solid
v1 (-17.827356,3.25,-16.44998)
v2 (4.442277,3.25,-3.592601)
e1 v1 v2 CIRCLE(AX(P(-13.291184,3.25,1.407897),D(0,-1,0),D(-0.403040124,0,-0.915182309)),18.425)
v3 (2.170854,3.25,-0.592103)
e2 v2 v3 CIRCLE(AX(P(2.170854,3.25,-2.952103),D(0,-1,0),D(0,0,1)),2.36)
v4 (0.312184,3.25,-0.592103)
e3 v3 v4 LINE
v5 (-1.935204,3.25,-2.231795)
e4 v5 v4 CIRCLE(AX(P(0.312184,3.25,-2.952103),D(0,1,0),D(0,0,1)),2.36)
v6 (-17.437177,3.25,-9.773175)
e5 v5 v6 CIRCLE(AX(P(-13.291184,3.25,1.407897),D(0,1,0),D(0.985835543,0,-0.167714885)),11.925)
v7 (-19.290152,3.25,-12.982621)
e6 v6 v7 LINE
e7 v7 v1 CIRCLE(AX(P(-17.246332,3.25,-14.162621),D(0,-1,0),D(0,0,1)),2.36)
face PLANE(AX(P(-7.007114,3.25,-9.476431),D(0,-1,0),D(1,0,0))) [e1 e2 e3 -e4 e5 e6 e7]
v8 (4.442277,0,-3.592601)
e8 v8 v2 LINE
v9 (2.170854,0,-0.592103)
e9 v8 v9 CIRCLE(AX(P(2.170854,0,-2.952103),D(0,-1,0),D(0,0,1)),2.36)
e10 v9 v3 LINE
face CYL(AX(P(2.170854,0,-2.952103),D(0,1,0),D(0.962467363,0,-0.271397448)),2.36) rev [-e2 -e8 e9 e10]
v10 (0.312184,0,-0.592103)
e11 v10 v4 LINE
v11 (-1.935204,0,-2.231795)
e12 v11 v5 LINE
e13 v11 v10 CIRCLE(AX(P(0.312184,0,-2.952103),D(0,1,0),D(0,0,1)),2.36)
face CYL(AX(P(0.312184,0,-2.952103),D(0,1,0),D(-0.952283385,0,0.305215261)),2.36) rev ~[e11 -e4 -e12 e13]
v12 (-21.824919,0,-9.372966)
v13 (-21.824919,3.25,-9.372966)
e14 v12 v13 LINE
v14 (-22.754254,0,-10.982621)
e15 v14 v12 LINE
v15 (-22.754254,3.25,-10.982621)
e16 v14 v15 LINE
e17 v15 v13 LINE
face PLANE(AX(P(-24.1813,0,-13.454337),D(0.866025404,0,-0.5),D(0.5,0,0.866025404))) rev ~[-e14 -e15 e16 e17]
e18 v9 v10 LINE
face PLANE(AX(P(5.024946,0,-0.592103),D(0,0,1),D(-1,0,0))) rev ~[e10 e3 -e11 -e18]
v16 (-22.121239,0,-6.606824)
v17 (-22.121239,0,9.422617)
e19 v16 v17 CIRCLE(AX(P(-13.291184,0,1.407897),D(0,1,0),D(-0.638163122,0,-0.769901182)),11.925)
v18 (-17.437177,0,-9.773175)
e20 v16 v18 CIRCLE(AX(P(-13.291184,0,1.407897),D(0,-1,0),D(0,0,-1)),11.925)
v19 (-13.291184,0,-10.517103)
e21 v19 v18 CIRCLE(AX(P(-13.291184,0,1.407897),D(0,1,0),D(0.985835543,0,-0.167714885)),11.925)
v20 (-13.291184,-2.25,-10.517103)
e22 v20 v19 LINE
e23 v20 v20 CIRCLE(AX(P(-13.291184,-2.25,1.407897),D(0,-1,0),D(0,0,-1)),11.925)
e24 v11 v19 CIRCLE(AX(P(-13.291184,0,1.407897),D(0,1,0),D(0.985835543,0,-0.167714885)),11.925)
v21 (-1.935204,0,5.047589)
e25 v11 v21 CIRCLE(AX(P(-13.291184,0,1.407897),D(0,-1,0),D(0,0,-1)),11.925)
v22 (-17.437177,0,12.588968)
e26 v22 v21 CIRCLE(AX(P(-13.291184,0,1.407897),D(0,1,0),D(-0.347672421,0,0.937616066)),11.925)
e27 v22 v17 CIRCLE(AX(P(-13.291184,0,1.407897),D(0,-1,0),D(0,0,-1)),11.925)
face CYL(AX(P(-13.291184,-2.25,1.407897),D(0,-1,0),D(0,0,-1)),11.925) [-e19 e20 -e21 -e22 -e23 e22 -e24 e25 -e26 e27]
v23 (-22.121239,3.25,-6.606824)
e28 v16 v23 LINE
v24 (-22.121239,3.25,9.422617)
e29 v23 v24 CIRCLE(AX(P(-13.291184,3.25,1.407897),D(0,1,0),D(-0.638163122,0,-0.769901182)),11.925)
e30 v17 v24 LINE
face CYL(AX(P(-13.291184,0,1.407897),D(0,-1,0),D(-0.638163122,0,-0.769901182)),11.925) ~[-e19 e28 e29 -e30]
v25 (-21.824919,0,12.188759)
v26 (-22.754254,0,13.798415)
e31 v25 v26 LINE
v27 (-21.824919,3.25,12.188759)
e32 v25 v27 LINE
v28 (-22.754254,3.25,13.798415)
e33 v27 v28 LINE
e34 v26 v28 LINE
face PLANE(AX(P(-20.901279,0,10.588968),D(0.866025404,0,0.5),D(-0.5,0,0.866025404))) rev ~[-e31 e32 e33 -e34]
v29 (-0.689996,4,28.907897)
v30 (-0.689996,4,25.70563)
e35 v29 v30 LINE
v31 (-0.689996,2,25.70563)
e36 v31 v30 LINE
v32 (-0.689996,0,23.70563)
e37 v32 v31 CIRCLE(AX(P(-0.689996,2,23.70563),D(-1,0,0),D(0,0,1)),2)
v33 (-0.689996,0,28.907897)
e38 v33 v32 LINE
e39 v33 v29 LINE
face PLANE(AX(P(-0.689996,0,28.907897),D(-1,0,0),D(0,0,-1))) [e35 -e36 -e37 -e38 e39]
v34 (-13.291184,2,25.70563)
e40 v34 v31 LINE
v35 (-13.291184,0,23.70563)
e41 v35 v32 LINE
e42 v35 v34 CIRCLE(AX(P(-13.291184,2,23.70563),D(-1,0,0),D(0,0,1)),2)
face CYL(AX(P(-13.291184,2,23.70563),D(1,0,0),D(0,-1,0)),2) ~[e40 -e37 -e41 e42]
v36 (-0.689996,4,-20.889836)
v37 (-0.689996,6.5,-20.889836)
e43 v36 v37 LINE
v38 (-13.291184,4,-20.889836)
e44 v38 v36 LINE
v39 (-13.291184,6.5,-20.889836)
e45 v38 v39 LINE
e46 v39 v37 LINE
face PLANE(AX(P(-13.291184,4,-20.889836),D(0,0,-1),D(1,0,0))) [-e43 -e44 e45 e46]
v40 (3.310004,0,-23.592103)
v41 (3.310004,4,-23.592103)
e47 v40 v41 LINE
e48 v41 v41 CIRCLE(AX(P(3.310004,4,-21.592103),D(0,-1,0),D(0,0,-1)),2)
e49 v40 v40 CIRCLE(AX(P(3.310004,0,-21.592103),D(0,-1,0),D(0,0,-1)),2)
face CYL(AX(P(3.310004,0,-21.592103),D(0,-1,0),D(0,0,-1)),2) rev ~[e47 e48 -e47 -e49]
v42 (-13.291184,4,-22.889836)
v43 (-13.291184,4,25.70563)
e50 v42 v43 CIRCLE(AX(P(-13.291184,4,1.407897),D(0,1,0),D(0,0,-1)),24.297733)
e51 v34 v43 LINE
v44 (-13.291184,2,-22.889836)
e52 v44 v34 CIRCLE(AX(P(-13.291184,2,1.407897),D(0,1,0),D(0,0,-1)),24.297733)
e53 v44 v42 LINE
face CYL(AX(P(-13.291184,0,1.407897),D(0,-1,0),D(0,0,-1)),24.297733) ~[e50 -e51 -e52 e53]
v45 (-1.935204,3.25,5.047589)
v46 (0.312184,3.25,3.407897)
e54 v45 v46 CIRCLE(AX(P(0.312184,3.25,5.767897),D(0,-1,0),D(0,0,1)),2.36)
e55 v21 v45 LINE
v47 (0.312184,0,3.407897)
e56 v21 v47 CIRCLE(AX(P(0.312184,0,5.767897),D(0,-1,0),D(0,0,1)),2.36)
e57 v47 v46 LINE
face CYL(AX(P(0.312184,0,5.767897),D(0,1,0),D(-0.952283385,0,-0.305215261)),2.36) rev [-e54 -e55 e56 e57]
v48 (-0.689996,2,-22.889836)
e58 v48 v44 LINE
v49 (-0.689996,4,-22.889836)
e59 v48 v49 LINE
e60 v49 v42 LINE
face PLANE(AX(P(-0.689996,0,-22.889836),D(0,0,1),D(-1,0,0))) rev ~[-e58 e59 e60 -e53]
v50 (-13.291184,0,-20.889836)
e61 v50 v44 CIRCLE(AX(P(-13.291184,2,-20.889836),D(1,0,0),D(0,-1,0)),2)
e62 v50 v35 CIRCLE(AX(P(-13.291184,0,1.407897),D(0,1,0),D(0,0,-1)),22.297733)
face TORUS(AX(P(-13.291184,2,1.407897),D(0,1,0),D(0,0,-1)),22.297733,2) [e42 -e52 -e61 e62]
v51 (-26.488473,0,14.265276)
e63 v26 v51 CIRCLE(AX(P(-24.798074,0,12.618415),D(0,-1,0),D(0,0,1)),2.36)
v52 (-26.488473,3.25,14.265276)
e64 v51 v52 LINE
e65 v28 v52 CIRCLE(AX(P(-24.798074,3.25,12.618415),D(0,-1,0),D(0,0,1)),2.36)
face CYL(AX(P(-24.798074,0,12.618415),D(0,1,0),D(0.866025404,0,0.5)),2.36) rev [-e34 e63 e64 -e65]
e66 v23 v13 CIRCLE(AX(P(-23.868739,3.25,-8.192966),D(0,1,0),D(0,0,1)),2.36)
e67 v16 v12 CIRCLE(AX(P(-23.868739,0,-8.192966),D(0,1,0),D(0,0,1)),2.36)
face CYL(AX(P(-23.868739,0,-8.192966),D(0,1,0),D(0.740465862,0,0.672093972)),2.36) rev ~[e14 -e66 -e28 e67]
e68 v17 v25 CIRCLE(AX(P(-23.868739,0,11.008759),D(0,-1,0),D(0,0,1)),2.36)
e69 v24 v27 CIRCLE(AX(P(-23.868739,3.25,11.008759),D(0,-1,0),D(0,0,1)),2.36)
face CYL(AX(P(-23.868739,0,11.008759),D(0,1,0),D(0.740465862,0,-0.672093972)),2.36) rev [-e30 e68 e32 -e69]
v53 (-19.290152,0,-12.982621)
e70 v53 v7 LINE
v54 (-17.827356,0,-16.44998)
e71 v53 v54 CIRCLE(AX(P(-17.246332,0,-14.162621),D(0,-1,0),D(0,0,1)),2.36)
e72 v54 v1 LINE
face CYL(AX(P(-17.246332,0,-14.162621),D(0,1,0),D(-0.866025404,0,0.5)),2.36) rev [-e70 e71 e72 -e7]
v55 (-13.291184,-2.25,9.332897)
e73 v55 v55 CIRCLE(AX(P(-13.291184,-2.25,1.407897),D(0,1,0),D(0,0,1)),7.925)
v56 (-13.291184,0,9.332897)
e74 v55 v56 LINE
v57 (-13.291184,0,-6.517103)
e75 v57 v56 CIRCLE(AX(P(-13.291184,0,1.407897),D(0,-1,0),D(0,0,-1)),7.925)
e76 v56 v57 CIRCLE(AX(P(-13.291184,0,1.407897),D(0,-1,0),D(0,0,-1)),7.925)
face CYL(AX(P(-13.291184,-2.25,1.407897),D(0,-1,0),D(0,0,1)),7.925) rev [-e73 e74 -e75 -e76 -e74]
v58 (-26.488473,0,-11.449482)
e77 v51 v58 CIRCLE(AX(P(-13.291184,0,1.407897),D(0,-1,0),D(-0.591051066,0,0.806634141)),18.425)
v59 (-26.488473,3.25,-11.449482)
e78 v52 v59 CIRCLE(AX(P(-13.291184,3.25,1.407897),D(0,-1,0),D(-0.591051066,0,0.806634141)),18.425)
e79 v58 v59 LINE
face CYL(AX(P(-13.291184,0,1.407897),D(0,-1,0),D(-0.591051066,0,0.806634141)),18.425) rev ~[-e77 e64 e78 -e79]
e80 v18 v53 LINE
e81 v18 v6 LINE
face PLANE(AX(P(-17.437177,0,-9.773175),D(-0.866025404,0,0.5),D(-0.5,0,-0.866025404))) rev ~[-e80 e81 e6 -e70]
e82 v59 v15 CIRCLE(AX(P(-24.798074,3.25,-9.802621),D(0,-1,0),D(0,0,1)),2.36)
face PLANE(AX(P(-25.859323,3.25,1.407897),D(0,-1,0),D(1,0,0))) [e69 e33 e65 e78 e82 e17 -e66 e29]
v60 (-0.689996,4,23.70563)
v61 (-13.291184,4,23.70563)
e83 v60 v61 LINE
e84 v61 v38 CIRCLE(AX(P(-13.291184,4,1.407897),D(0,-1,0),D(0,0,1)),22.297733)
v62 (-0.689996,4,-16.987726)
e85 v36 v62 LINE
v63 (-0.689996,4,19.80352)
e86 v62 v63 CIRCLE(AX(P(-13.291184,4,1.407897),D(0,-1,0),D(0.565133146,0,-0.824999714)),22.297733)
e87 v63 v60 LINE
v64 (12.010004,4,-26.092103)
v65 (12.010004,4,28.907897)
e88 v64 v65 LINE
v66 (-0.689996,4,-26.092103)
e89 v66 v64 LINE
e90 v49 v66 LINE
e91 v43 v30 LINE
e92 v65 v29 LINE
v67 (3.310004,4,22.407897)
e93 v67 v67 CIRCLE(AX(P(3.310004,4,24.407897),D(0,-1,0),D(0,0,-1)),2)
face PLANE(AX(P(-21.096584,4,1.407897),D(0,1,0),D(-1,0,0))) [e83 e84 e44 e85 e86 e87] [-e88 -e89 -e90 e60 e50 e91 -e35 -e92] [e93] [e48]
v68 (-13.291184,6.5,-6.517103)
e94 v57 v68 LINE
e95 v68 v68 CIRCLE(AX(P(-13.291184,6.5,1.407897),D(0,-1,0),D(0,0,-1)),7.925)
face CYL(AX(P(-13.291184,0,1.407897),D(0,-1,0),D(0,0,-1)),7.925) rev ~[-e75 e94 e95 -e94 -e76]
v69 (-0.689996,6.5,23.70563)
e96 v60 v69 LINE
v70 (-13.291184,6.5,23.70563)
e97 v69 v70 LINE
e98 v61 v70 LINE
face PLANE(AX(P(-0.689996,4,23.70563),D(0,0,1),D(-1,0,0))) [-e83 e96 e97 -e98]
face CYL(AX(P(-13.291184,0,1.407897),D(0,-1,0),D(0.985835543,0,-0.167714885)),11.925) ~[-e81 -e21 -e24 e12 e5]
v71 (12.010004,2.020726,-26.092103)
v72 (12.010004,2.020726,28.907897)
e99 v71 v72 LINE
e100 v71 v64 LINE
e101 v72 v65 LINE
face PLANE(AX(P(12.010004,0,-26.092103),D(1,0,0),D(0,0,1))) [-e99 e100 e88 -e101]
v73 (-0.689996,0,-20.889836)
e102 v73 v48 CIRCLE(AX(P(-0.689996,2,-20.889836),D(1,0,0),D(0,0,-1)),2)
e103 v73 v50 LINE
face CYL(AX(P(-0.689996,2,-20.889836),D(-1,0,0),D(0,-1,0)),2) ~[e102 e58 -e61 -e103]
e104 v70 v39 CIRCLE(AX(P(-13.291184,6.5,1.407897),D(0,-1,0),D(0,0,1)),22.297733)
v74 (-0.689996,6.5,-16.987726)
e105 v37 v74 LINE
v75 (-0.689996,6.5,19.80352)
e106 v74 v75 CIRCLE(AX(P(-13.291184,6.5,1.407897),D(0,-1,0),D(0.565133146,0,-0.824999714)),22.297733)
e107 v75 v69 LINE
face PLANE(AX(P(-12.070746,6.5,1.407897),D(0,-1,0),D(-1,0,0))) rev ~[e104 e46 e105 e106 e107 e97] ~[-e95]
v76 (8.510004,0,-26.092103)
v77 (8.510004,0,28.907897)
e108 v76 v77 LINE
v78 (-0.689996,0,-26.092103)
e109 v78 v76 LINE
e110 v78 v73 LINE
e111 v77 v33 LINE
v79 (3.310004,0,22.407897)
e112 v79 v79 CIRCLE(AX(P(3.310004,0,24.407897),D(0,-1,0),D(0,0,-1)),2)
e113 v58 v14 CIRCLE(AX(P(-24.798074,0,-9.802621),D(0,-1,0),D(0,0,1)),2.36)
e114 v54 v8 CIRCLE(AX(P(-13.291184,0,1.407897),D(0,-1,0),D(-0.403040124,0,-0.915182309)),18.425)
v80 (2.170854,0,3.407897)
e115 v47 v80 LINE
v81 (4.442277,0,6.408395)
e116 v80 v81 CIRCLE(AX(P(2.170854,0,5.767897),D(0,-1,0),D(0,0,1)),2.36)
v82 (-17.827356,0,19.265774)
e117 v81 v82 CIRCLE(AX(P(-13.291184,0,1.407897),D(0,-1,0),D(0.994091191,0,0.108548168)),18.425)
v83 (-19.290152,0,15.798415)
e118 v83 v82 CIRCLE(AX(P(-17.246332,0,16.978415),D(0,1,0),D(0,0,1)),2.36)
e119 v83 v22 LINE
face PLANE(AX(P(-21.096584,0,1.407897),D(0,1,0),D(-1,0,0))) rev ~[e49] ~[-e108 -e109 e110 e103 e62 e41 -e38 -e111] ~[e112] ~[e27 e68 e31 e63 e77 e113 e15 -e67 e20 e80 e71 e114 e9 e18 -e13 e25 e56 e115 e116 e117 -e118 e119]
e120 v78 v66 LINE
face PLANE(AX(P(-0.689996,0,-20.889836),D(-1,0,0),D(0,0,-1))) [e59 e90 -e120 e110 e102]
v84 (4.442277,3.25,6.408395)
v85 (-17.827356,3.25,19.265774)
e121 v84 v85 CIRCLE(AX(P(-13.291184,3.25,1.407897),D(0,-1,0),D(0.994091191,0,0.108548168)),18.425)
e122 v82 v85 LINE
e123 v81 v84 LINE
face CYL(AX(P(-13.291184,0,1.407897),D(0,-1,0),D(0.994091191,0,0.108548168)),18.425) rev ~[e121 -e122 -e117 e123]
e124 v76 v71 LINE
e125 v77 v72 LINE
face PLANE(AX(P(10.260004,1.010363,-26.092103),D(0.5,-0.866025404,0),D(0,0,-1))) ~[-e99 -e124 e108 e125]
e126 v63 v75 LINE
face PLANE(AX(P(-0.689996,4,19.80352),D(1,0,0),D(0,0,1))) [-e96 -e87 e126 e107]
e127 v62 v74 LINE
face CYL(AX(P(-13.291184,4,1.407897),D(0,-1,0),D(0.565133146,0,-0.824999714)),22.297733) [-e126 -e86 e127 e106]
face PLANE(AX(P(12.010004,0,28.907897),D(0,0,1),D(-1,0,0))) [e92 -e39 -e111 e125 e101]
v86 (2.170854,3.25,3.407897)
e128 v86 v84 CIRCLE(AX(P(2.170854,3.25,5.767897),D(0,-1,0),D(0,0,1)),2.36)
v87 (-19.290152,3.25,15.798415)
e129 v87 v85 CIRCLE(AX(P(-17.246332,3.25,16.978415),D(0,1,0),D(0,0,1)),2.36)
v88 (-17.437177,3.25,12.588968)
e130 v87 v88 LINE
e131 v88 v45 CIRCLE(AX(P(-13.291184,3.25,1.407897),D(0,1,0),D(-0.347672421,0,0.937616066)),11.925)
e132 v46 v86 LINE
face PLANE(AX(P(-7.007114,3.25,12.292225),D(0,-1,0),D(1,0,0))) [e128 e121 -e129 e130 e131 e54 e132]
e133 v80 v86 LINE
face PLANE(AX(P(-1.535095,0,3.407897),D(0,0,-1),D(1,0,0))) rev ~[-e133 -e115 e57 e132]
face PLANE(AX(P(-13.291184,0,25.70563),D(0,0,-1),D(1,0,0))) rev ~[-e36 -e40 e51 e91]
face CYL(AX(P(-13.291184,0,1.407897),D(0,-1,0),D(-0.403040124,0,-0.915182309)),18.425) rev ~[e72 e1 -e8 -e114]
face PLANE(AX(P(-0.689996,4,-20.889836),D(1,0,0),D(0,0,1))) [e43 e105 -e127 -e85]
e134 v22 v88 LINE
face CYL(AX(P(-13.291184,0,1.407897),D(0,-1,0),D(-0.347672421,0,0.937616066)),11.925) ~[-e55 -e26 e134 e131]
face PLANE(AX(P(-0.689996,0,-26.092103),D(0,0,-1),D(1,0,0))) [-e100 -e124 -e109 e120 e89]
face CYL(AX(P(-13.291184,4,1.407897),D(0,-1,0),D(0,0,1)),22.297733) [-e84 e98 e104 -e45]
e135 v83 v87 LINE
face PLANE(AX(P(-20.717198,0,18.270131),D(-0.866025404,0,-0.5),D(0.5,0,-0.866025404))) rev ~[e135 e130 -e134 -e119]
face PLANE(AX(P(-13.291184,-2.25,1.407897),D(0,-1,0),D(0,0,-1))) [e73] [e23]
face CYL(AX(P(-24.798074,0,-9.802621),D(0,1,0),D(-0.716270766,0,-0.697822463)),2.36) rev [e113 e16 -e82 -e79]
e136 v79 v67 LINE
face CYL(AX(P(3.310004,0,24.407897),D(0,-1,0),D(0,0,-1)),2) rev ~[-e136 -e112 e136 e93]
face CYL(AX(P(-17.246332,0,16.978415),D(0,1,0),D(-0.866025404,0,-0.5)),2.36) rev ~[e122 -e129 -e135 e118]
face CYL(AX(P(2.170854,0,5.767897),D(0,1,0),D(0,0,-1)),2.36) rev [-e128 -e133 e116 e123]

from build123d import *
from build123d.topology import SkipClean

# Parameters (mm, degrees)
BOSS_EXTRUDE1_DEPTH = 4
BOSS_EXTRUDE2_DEPTH = 2.5
SKETCH3_R           = 7.925
CUT_EXTRUDE1_DEPTH  = 9.25
SKETCH4_R           = 2
CUT_EXTRUDE2_DEPTH  = 9.25
CUT_EXTRUDE3_DEPTH  = 3.25
FILLET1_R           = 2.36
CHAMFER1_SIZE       = 3.5
CHAMFER1_SIZE2      = 2.020725942
BOSS_EXTRUDE4_DEPTH = 4
FILLET4_R           = 2
BOSS_EXTRUDE5_START = 2.25
SKETCH11_R          = 11.925
BOSS_EXTRUDE5_DEPTH = 2.25
CUT_EXTRUDE4_START  = -2.25
SKETCH12_R          = 7.925
CUT_EXTRUDE4_DEPTH  = 2.25


with BuildPart() as part:
    # Sketch1 → Boss-Extrude1 (new body)
    with BuildSketch(Plane(origin=(0, 0, 0), x_dir=(1, 0, 0), z_dir=(0, 1, 0))):
        with BuildLine():
            Line((-13.29118379, 20.889836125), (-0.68999579, 20.889836125))
            Line((-0.68999579, 20.889836125), (-0.68999579, 26.09210312))
            Line((-0.68999579, 26.09210312), (12.01000421, 26.09210312))
            Line((12.01000421, 26.09210312), (12.01000421, -28.90789688))
            Line((12.01000421, -28.90789688), (-0.68999579, -28.90789688))
            Line((-0.68999579, -28.90789688), (-0.68999579, -23.705629885))
            Line((-0.68999579, -23.705629885), (-13.29118379, -23.705629885))
            ThreePointArc((-13.29118379, -23.705629885), (-35.588916795, -1.40789688), (-13.29118379, 20.889836125))
        make_face()
    extrude(amount=BOSS_EXTRUDE1_DEPTH)

    # Sketch2 → Boss-Extrude2 (add)
    with BuildSketch(Plane(origin=(0, 4, 0), x_dir=(1, 0, 0), z_dir=(0, 1, 0))):
        with BuildLine():
            Line((-13.29118379, 20.889836125), (-0.68999579, 20.889836125))
            Line((-0.68999579, 20.889836125), (-0.68999579, 16.987726462))
            ThreePointArc((-0.68999579, 16.987726462), (9.006549215, -1.40789688), (-0.68999579, -19.803520222))
            Line((-0.68999579, -19.803520222), (-0.68999579, -23.705629885))
            Line((-0.68999579, -23.705629885), (-13.29118379, -23.705629885))
            ThreePointArc((-13.29118379, -23.705629885), (-35.588916795, -1.40789688), (-13.29118379, 20.889836125))
        make_face()
    extrude(amount=BOSS_EXTRUDE2_DEPTH)

    # Sketch3 → Cut-Extrude1 (cut)
    with BuildSketch(Plane.XZ):
        with Locations(Location((-13.29118379, 1.40789688, 0), (0, 0, 270))):
            Circle(SKETCH3_R)
    extrude(amount=-CUT_EXTRUDE1_DEPTH, mode=Mode.SUBTRACT)

    # Sketch4 → Cut-Extrude2 (cut)
    with BuildSketch(Plane.XZ):
        with Locations(Location((3.31000421, 24.40789688, 0), (0, 0, 270))):
            Circle(SKETCH4_R)
        with Locations(Location((3.310004206, -21.59210312, 0), (0, 0, 270))):
            Circle(SKETCH4_R)
    extrude(amount=-CUT_EXTRUDE2_DEPTH, mode=Mode.SUBTRACT)

    # Sketch5 → Cut-Extrude3 (cut)
    with BuildSketch(Plane.XZ):
        with BuildLine():
            ThreePointArc((-20.901279021, -7.773174712), (-25.21618379, 1.40789688), (-20.901279021, 10.588968471))
            Line((-20.901279021, 10.588968471), (-24.18129969, 16.27013092))
            ThreePointArc((-24.18129969, 16.27013092), (-31.71618379, 1.40789688), (-24.18129969, -13.454337161))
            Line((-24.18129969, -13.454337161), (-20.901279021, -7.773174712))
        make_face()
        with BuildLine():
            Line((-20.717198075, 18.27013092), (-17.437177406, 12.588968471))
            ThreePointArc((-17.437177406, 12.588968471), (-7.32868379, 11.73524982), (-1.535094942, 3.40789688))
            Line((-1.535094942, 3.40789688), (5.024946397, 3.40789688))
            ThreePointArc((5.024946397, 3.40789688), (-4.07868379, 17.364414944), (-20.717198075, 18.27013092))
        make_face()
        with BuildLine():
            ThreePointArc((-1.535094942, -0.59210312), (-7.32868379, -8.91945606), (-17.437177406, -9.773174712))
            Line((-17.437177406, -9.773174712), (-20.717198075, -15.454337161))
            ThreePointArc((-20.717198075, -15.454337161), (-4.07868379, -14.548621185), (5.024946397, -0.59210312))
            Line((5.024946397, -0.59210312), (-1.535094942, -0.59210312))
        make_face()
    extrude(amount=-CUT_EXTRUDE3_DEPTH, mode=Mode.SUBTRACT)

    # Fillet1
    fillet1_edges = [part.edges().sort_by_distance(p)[0] for p in [
        (-20.901279021, 1.625, 10.588968471),
        (-20.901279021, 1.625, -7.773174712),
        (-24.18129969, 1.625, -13.454337161),
        (-24.18129969, 1.625, 16.27013092),
        (5.024946397, 1.625, 3.40789688),
        (-1.535094942, 1.625, 3.40789688),
        (-20.717198075, 1.625, 18.27013092),
        (-1.535094942, 1.625, -0.59210312),
        (5.024946397, 1.625, -0.59210312),
        (-20.717198075, 1.625, -15.454337161),
    ]]
    fillet(fillet1_edges, radius=FILLET1_R)

    # Chamfer1
    chamfer1_edges = [part.edges().sort_by_distance(p)[0] for p in [
        (12.01000421, 0, 1.40789688),
    ]]
    chamfer1_side = [part.faces().sort_by_distance(p)[0] for p in [
        (-3.714999267, 0, 17.994335016),
    ]]
    chamfer(chamfer1_edges, length=CHAMFER1_SIZE, length2=CHAMFER1_SIZE2, reference=chamfer1_side[0])

    # Sketch10 → Boss-Extrude4 (add)
    with BuildSketch(Plane.XZ):
        with BuildLine():
            Line((-0.68999579, -22.889836125), (-13.29118379, -22.889836125))
            ThreePointArc((-13.29118379, -22.889836125), (-37.588916795, 1.40789688), (-13.29118379, 25.705629885))
            Line((-13.29118379, 25.705629885), (-0.68999579, 25.705629885))
            Line((-0.68999579, 25.705629885), (-0.68999579, 23.705629885))
            Line((-0.68999579, 23.705629885), (-13.29118379, 23.705629885))
            ThreePointArc((-13.29118379, 23.705629885), (-35.588916795, 1.40789688), (-13.29118379, -20.889836125))
            Line((-13.29118379, -20.889836125), (-0.68999579, -20.889836125))
            Line((-0.68999579, -20.889836125), (-0.68999579, -22.889836125))
        make_face()
    extrude(amount=-BOSS_EXTRUDE4_DEPTH)

    # Fillet4
    fillet4_edges = [part.edges().sort_by_distance(p)[0] for p in [
        (-6.99058979, 0, 25.705629885),
        (-37.588916795, 0, 1.40789688),
        (-6.99058979, 0, -22.889836125),
    ]]
    fillet(fillet4_edges, radius=FILLET4_R)

    # Sketch11 → Boss-Extrude5 (add)
    with SkipClean():  # the faces are left unmerged after this step: merging them gives an invalid solid
        with BuildSketch(Plane.XZ.offset(BOSS_EXTRUDE5_START)):
            with Locations(Location((-13.29118379, 1.40789688, 0), (0, 0, 270))):
                Circle(SKETCH11_R)
        extrude(amount=-BOSS_EXTRUDE5_DEPTH)

    # Sketch12 → Cut-Extrude4 (cut)
    with SkipClean():  # the faces are left unmerged after this step: merging them gives an invalid solid
        with BuildSketch(Plane(origin=(0, 0, 0), x_dir=(1, 0, 0), z_dir=(0, 1, 0)).offset(CUT_EXTRUDE4_START)):
            with Locations(Location((-13.29118379, -1.40789688, 0), (0, 0, 270))):
                Circle(SKETCH12_R)
        extrude(amount=CUT_EXTRUDE4_DEPTH, mode=Mode.SUBTRACT)


solid = part.part
